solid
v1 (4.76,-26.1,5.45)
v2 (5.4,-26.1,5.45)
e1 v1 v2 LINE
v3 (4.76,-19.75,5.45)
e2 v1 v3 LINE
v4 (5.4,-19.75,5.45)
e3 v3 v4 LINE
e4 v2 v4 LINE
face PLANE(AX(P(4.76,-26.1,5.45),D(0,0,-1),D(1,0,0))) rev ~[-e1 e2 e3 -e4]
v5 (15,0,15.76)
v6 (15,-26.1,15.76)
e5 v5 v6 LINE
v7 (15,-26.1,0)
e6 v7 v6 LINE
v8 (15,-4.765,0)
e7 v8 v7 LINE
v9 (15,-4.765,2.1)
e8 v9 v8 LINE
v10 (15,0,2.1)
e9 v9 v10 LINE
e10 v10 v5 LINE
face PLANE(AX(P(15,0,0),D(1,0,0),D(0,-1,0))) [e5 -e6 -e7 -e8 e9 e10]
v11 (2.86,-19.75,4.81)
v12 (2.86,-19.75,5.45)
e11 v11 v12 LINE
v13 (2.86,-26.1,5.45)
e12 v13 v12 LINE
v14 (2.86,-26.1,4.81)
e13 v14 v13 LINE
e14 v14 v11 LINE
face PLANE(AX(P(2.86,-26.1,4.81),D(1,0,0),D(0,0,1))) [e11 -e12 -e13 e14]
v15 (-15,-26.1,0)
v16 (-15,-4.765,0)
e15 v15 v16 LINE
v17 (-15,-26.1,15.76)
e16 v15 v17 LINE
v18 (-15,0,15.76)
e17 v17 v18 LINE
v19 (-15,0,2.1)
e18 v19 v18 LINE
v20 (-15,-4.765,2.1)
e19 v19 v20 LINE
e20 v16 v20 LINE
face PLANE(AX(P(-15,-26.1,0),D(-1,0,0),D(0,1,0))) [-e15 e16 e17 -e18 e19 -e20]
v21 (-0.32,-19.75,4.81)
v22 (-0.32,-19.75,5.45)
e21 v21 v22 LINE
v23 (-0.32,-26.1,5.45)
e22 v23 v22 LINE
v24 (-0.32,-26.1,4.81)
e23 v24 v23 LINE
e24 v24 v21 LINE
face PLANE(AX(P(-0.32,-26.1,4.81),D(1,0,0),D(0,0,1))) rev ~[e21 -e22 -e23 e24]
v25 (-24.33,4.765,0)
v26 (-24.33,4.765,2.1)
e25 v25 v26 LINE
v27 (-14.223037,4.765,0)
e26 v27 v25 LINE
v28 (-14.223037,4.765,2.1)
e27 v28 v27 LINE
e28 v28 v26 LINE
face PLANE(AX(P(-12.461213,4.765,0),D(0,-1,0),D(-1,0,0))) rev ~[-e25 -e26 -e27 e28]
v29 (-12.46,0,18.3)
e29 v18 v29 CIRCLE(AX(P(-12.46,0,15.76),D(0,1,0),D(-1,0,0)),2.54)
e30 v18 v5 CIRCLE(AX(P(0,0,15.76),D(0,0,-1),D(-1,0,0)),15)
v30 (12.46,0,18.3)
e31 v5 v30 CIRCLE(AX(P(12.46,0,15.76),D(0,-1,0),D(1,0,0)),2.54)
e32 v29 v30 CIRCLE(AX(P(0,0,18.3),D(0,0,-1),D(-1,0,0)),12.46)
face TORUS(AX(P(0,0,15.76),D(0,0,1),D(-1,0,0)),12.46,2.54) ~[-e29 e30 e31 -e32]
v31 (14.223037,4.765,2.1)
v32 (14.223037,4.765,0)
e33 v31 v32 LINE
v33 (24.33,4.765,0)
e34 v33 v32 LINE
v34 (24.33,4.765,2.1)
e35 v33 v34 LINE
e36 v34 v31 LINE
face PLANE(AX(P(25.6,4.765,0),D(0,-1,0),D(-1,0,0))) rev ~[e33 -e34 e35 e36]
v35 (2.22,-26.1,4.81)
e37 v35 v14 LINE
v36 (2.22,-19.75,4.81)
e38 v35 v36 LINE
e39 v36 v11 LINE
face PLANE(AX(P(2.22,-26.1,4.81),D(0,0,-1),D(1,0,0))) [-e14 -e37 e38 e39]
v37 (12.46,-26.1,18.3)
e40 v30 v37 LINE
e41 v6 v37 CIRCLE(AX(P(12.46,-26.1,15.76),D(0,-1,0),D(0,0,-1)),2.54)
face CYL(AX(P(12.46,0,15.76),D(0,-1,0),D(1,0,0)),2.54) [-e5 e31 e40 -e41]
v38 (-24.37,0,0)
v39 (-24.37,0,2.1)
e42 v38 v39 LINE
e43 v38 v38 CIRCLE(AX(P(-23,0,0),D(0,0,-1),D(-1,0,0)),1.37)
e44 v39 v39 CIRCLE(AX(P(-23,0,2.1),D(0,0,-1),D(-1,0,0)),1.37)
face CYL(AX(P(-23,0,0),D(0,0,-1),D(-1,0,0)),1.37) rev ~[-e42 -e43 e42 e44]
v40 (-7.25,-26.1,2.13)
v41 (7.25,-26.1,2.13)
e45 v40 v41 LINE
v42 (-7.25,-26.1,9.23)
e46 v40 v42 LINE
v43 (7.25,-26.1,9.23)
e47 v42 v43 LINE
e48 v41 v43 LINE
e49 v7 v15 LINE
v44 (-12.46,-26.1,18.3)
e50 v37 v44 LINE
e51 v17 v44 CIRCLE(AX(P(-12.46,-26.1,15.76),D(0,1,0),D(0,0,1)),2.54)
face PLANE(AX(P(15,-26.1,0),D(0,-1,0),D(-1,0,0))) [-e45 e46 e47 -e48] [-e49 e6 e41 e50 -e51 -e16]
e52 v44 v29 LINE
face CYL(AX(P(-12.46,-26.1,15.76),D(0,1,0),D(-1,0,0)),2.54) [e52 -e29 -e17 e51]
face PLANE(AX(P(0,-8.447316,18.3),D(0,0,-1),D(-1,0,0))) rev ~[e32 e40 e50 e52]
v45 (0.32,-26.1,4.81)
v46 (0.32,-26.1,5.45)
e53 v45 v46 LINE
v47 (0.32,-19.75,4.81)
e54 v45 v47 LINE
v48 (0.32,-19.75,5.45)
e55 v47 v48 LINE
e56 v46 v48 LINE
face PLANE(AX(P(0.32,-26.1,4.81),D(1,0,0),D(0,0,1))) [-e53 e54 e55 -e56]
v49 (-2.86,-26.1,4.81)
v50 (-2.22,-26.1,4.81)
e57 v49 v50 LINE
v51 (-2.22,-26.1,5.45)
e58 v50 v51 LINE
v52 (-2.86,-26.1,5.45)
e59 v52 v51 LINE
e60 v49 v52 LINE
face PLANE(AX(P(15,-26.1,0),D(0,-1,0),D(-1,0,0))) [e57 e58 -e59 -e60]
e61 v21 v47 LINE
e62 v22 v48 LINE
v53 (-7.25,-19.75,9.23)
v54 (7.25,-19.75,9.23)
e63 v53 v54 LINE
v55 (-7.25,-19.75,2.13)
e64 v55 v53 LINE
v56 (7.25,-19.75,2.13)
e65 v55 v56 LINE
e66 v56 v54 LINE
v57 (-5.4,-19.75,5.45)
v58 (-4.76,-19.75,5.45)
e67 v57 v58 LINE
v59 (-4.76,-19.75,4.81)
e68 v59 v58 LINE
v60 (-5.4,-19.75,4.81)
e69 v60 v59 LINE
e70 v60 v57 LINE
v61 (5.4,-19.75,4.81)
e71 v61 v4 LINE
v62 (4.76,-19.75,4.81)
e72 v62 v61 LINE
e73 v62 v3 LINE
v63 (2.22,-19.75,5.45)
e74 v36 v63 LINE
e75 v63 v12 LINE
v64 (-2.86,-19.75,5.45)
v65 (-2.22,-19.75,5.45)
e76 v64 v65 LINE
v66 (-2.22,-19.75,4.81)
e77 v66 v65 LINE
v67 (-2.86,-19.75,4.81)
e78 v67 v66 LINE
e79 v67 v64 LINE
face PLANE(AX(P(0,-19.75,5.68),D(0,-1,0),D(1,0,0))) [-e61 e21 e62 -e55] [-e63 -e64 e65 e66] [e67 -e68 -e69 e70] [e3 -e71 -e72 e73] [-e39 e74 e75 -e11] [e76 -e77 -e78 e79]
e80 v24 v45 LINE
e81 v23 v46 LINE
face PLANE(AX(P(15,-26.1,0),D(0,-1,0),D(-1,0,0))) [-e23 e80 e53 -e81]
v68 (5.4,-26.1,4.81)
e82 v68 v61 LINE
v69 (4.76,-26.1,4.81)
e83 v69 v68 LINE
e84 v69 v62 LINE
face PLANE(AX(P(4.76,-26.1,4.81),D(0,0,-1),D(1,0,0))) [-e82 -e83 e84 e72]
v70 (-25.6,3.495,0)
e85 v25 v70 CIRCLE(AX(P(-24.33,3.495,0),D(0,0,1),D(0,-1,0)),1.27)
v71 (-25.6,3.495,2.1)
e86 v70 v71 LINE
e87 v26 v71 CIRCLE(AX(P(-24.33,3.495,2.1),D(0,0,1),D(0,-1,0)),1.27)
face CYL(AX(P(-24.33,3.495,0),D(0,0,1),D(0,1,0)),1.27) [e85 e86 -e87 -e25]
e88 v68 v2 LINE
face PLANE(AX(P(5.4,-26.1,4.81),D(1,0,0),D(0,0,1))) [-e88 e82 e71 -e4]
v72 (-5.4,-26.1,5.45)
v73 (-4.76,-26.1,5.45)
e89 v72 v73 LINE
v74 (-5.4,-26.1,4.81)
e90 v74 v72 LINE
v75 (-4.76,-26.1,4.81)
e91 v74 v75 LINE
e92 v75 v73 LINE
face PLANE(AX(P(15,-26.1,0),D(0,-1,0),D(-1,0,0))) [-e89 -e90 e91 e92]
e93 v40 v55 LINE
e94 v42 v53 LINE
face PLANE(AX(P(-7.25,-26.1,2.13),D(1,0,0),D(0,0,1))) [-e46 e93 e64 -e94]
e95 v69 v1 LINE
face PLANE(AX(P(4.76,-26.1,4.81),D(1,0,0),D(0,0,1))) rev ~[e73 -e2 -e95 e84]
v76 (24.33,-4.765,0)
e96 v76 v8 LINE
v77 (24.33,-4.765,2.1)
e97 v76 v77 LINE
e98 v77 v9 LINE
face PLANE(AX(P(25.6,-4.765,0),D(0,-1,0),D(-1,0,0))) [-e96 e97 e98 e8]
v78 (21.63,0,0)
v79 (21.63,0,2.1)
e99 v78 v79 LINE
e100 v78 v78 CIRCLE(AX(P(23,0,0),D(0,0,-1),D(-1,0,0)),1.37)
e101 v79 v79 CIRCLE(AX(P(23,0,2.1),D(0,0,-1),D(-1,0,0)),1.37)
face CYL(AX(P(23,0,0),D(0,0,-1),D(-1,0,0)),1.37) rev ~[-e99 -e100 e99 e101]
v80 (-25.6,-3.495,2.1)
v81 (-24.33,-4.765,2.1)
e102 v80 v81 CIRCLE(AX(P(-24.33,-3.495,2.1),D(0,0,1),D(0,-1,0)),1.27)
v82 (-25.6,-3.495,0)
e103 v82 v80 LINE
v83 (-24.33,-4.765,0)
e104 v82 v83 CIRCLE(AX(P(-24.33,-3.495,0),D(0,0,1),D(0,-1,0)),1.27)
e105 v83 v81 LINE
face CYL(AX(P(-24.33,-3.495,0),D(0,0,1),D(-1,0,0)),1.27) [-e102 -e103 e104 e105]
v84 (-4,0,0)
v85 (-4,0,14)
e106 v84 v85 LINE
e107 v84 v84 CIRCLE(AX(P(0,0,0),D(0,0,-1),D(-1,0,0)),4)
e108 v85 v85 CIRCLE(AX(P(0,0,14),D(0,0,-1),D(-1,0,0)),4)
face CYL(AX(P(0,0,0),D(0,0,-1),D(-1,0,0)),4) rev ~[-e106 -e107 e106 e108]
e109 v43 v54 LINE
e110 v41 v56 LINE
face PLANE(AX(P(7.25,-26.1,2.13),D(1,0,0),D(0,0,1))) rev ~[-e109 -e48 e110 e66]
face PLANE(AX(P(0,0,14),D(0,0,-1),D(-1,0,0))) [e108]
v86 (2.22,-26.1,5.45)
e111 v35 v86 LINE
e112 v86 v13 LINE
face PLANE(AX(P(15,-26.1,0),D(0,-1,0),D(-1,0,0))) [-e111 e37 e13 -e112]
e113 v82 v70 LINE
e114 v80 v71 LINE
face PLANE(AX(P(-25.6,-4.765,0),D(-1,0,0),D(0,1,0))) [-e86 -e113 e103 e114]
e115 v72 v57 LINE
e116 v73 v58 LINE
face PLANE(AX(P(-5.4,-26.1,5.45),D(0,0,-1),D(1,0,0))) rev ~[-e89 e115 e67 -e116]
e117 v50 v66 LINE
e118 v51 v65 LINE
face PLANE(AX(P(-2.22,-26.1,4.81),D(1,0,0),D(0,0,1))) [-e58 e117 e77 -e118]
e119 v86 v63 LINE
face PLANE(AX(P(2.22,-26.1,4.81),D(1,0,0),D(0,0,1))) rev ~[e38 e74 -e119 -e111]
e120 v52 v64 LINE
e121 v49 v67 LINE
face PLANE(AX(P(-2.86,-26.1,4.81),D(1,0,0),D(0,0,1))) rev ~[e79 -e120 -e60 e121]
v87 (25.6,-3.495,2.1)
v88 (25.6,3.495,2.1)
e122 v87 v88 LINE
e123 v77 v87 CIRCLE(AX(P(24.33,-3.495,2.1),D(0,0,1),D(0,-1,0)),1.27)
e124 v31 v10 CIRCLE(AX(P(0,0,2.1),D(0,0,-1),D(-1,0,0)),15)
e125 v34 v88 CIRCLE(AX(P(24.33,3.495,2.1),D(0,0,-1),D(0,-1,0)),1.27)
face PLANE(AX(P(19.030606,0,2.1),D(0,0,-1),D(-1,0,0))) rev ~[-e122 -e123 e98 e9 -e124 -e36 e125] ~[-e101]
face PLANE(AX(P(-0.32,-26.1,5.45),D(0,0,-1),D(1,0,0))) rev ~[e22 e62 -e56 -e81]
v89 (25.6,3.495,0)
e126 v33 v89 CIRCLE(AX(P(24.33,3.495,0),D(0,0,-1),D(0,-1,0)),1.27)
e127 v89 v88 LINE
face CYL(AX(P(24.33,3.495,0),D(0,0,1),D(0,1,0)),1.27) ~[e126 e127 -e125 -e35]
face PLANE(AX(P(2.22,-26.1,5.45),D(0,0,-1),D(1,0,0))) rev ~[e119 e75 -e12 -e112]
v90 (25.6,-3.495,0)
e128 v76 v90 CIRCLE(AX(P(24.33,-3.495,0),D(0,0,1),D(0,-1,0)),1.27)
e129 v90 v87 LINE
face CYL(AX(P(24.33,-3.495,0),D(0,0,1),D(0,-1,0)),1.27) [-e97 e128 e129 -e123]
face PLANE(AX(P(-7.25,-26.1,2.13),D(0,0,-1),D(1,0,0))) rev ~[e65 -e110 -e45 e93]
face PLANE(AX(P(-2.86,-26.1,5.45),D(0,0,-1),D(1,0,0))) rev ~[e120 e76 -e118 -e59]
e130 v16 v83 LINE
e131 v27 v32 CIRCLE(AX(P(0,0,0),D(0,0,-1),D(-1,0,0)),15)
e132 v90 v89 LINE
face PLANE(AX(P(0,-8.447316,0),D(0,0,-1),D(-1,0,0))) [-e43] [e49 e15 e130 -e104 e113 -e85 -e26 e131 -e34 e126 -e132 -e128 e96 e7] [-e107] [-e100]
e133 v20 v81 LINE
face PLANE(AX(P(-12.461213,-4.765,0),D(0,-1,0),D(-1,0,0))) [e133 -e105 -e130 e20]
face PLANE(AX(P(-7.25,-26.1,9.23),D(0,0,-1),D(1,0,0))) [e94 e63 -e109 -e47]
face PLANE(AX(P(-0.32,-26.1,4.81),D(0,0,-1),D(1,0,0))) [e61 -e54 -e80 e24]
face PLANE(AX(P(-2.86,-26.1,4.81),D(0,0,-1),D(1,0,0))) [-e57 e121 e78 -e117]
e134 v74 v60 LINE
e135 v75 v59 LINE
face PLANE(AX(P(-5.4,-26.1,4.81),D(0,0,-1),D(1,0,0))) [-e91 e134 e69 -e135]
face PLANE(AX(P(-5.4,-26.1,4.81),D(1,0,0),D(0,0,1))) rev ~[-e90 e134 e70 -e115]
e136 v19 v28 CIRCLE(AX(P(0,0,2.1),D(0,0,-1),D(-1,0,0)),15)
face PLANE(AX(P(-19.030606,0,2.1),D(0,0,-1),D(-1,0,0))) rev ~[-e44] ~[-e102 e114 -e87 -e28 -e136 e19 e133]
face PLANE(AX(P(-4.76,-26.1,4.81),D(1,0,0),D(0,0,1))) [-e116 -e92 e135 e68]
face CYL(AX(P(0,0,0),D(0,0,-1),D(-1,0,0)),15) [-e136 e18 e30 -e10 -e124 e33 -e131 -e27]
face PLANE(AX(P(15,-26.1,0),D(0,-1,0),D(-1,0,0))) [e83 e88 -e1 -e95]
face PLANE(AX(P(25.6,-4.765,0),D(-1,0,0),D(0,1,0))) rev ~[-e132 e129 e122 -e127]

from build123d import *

# Parameters (mm, degrees)
BOSS_EXTRUDE1_DEPTH = 18.3
FILLET1_R           = 2.54
SKETCH2_W           = 13.138787008
SKETCH2_H           = 9.53
SKETCH2_R           = 1.37
BOSS_EXTRUDE2_DEPTH = 2.1
FILLET2_R           = 1.27
SKETCH3_R           = 4
CUT_EXTRUDE1_DEPTH  = 14
SKETCH4_W           = 14.5
SKETCH4_H           = 7.1
SKETCH4_W_2         = 0.64
SKETCH4_H_2         = 0.64
CUT_EXTRUDE2_DEPTH  = 6.35


with BuildPart() as part:
    # Sketch1 → Boss-Extrude1 (new body)
    with BuildSketch(Plane.XY):
        with BuildLine():
            Line((15, 0), (15, -26.1))
            Line((15, -26.1), (-15, -26.1))
            Line((-15, -26.1), (-15, 0))
            ThreePointArc((-15, 0), (0, 15), (15, 0))
        make_face()
    extrude(amount=BOSS_EXTRUDE1_DEPTH)

    # Fillet1
    fillet1_edges = [part.edges().sort_by_distance(p)[0] for p in [
        (15, -13.05, 18.3),
        (0, 15, 18.3),
        (-15, -13.05, 18.3),
    ]]
    fillet(fillet1_edges, radius=FILLET1_R)

    # Sketch2 → Boss-Extrude2 (add)
    with BuildSketch(Plane(origin=(0, 0, 0), x_dir=(-1, 0, 0), z_dir=(0, 0, -1))):
        with Locations((19.030606496, 0)):
            Rectangle(SKETCH2_W, SKETCH2_H)
        with Locations((23, 0)):
            Circle(SKETCH2_R, mode=Mode.SUBTRACT)
        with Locations((-19.030606496, 0)):
            Rectangle(SKETCH2_W, SKETCH2_H)
        with Locations((-23, 0)):
            Circle(SKETCH2_R, mode=Mode.SUBTRACT)
    extrude(amount=-BOSS_EXTRUDE2_DEPTH)

    # Fillet2
    fillet2_edges = [part.edges().sort_by_distance(p)[0] for p in [
        (-25.6, -4.765, 1.05),
        (-25.6, 4.765, 1.05),
        (25.6, 4.765, 1.05),
        (25.6, -4.765, 1.05),
    ]]
    fillet(fillet2_edges, radius=FILLET2_R)

    # Sketch3 → Cut-Extrude1 (cut)
    with BuildSketch(Plane(origin=(0, 0, 0), x_dir=(-1, 0, 0), z_dir=(0, 0, -1))):
        Circle(SKETCH3_R)
    extrude(amount=-CUT_EXTRUDE1_DEPTH, mode=Mode.SUBTRACT)

    # Sketch4 → Cut-Extrude2 (cut)
    with BuildSketch(Plane.XZ.offset(26.1)):
        with Locations((0, 5.68)):
            Rectangle(SKETCH4_W, SKETCH4_H)
        with Locations((-5.08, 5.13)):
            Rectangle(SKETCH4_W_2, SKETCH4_H_2, mode=Mode.SUBTRACT)
        with Locations((-2.54, 5.13)):
            Rectangle(SKETCH4_W_2, SKETCH4_H_2, mode=Mode.SUBTRACT)
        with Locations((0, 5.13)):
            Rectangle(SKETCH4_W_2, SKETCH4_H_2, mode=Mode.SUBTRACT)
        with Locations((2.54, 5.13)):
            Rectangle(SKETCH4_W_2, SKETCH4_H_2, mode=Mode.SUBTRACT)
        with Locations((5.08, 5.13)):
            Rectangle(SKETCH4_W_2, SKETCH4_H_2, mode=Mode.SUBTRACT)
    extrude(amount=-CUT_EXTRUDE2_DEPTH, mode=Mode.SUBTRACT)


solid = part.part
